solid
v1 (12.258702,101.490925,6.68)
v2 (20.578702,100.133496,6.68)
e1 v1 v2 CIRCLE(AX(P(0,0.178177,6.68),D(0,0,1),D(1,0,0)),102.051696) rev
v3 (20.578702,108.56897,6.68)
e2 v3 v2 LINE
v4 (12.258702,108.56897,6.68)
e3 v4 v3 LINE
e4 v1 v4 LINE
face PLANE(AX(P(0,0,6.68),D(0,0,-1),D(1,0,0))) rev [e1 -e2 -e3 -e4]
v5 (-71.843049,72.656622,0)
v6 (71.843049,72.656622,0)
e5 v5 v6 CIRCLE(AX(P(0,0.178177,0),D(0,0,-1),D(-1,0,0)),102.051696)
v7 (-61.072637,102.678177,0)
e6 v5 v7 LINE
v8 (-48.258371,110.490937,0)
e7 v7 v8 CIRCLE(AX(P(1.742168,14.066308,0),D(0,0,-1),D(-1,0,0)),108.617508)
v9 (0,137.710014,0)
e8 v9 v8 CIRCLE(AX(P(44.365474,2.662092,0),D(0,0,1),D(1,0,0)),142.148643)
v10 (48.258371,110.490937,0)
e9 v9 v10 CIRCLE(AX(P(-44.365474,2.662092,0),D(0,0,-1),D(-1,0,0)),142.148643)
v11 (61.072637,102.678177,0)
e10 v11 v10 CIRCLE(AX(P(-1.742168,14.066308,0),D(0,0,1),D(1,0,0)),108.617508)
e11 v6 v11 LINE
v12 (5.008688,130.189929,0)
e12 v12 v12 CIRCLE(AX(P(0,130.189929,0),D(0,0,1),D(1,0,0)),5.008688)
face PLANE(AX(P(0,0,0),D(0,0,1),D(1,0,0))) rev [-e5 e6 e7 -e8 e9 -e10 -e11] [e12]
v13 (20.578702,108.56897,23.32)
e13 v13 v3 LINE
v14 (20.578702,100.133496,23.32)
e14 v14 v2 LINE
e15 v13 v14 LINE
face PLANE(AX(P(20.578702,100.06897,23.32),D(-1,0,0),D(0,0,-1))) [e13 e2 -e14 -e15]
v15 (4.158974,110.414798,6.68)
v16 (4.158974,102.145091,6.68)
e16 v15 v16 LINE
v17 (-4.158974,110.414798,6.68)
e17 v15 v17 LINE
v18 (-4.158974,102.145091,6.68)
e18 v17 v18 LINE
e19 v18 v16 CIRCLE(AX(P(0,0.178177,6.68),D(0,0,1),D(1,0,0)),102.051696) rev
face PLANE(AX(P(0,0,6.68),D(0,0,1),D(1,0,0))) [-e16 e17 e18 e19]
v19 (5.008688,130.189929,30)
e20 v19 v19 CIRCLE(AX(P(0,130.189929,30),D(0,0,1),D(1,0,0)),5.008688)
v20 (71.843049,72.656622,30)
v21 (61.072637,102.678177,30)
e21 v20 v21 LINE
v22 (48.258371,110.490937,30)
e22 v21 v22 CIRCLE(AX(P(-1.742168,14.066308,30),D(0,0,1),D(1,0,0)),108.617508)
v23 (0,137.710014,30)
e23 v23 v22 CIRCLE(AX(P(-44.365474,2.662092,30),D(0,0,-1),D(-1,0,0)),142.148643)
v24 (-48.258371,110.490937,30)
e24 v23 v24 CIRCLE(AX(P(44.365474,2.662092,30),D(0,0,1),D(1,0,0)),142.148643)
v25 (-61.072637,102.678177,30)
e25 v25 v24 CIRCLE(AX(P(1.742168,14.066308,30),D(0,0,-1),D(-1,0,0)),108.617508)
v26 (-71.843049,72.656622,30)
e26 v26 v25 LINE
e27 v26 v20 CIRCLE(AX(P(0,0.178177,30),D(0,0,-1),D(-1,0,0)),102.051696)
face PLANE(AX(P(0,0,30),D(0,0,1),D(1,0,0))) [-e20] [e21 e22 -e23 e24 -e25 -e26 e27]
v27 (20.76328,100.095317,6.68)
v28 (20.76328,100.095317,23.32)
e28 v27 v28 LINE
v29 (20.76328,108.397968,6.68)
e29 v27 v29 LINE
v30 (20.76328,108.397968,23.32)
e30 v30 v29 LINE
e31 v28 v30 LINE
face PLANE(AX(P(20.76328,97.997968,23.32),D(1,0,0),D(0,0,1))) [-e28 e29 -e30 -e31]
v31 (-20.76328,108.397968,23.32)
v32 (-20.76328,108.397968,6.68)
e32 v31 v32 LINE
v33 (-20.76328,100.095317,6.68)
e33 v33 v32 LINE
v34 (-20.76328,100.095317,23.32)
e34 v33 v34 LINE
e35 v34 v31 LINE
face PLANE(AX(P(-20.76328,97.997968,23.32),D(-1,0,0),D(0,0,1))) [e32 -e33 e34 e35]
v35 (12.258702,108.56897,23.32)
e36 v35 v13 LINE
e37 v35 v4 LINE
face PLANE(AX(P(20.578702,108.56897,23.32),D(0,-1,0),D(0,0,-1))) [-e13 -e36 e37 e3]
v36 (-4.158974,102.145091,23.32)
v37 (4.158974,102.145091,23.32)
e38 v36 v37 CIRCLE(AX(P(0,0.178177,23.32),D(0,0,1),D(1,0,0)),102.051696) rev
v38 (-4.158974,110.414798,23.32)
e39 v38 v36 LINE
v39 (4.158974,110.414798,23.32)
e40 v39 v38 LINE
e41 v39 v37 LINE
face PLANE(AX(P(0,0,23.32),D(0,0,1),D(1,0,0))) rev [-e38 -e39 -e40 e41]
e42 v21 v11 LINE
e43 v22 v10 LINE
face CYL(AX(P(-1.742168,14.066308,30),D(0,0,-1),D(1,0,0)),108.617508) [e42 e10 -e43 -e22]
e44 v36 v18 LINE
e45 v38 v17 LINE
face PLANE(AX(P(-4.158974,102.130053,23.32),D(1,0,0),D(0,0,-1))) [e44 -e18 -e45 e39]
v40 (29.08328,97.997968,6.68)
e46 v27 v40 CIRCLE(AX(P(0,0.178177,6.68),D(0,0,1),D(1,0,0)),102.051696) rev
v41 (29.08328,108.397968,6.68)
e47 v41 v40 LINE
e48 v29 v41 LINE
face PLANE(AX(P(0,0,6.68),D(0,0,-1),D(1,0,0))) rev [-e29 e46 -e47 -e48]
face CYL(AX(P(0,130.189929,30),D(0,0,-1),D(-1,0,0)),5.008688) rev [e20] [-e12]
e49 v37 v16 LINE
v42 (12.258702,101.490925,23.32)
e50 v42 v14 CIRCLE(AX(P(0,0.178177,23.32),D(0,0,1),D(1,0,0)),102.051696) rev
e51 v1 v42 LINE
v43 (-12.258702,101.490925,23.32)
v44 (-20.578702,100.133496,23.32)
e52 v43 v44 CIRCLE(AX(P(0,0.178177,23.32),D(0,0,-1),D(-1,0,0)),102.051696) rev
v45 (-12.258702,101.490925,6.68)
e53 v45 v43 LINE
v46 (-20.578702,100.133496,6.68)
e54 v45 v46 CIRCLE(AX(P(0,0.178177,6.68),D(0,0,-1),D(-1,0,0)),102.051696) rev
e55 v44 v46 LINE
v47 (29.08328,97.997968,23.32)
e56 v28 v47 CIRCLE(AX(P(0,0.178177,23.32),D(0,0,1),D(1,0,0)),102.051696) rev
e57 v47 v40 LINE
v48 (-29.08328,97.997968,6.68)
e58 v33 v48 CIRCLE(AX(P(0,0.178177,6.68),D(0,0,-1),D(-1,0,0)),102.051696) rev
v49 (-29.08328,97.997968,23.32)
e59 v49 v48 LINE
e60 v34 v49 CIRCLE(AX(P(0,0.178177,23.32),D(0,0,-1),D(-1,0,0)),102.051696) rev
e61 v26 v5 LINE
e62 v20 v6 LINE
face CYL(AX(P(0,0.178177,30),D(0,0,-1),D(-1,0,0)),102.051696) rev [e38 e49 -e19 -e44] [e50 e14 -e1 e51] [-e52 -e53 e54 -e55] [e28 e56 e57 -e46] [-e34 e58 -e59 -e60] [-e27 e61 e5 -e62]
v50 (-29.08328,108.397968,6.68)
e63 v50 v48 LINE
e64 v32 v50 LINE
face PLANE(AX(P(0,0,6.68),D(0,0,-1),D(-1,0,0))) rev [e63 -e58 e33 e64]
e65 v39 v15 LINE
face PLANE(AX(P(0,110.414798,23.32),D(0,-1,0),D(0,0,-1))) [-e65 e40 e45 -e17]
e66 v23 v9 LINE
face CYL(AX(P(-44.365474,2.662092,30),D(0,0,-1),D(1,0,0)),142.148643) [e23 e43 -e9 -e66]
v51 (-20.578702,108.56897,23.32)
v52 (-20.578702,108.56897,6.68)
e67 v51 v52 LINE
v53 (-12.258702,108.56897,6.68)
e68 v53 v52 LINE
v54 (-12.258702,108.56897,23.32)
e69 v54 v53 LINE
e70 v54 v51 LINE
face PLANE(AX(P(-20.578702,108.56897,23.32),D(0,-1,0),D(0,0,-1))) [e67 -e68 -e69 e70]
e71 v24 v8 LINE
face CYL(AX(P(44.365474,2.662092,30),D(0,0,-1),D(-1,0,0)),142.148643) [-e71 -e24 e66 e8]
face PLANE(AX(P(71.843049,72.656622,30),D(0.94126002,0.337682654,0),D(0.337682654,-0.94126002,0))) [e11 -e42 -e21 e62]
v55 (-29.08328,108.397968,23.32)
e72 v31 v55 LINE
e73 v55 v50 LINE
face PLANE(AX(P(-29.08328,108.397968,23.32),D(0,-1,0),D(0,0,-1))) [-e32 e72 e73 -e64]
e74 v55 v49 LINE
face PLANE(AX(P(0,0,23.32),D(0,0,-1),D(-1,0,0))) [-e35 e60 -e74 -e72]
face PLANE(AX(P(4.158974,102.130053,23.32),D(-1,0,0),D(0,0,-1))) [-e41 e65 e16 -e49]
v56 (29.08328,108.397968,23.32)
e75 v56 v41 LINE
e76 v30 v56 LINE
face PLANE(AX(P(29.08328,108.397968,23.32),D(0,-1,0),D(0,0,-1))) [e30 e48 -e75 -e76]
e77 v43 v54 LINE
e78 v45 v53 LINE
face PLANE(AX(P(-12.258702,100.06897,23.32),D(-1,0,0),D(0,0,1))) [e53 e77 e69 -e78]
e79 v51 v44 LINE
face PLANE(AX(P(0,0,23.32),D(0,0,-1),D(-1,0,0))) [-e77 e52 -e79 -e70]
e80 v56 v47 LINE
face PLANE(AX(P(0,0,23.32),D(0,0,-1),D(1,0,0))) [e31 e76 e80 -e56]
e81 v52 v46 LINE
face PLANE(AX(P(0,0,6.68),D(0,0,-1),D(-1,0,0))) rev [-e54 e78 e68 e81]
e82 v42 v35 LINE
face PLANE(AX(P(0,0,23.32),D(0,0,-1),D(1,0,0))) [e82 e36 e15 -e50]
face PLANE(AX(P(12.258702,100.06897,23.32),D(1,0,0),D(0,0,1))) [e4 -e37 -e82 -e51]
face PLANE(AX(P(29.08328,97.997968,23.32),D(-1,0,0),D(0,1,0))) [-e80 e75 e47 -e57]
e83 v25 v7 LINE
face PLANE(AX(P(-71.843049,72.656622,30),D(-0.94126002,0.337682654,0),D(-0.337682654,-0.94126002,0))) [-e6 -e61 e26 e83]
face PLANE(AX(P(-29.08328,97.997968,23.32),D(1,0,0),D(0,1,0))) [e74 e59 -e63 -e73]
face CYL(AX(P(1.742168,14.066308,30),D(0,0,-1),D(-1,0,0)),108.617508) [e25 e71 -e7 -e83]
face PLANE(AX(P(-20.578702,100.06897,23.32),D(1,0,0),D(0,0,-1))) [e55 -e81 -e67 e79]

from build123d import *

# Parameters (mm, degrees)
BOSS_EXTRUDE1_DEPTH     = 30
SKETCH2_W               = 8.32
SKETCH2_H               = 8.5
SKETCH2_H_2             = 10.4
SKETCH2_W_2             = 4.158973904
SKETCH2_H_3             = 8.284744262
CUT_EXTRUDE5_DEPTH      = 8.32
CUT_EXTRUDE5_DEPTH_BACK = 8.32


with BuildPart() as part:
    # Sketch1 → Boss-Extrude1 (new body)
    with BuildSketch(Plane.XY):
        with BuildLine():
            Line((-61.072637036, 102.678177008), (-71.843049169, 72.656622079))
            ThreePointArc((-71.843049169, 72.656622079), (-38.845852098, 94.547390677), (0, 102.229873289))
            Line((0, 102.229873289), (0, 122.669843323))
            ThreePointArc((0, 122.669843323), (-24.83617604, 119.381808628), (-48.25837108, 110.490937356))
            ThreePointArc((-48.25837108, 110.490937356), (-54.800605836, 106.806147253), (-61.072637036, 102.678177008))
        make_face()
        with BuildLine():
            ThreePointArc((0, 137.710014326), (-25.468170629, 126.474444633), (-48.25837108, 110.490937356))
            ThreePointArc((-48.25837108, 110.490937356), (-24.83617604, 119.381808628), (0, 122.669843323))
            Line((0, 122.669843323), (0, 125.181241323))
            ThreePointArc((0, 125.181241323), (-5.008687502, 130.189928825), (0, 135.198616327))
            Line((0, 135.198616327), (0, 137.710014326))
        make_face()
    extrude(amount=BOSS_EXTRUDE1_DEPTH)

    # Sketch2 → Cut-Extrude5 (cut, two sides)
    with BuildSketch(Plane.XY.offset(15)) as cut_extrude5_sk:
        with Locations((-16.418701703, 104.318970145)):
            Rectangle(SKETCH2_W, SKETCH2_H)
        with Locations((-24.923280466, 103.197968007)):
            Rectangle(SKETCH2_W, SKETCH2_H_2)
        with Locations((-2.079486952, 106.272425537)):
            Rectangle(SKETCH2_W_2, SKETCH2_H_3)
    extrude(amount=CUT_EXTRUDE5_DEPTH, mode=Mode.SUBTRACT)
    extrude(cut_extrude5_sk.sketch, amount=-CUT_EXTRUDE5_DEPTH_BACK, mode=Mode.SUBTRACT)

    # Mirror3: part across plane


with BuildPart() as part_1:
    add(part.part)
    add(part.part.mirror(Plane(origin=(0, 0, 30), x_dir=(0, 0, 1), z_dir=(-1, 0, 0))))


solid = part_1.part
